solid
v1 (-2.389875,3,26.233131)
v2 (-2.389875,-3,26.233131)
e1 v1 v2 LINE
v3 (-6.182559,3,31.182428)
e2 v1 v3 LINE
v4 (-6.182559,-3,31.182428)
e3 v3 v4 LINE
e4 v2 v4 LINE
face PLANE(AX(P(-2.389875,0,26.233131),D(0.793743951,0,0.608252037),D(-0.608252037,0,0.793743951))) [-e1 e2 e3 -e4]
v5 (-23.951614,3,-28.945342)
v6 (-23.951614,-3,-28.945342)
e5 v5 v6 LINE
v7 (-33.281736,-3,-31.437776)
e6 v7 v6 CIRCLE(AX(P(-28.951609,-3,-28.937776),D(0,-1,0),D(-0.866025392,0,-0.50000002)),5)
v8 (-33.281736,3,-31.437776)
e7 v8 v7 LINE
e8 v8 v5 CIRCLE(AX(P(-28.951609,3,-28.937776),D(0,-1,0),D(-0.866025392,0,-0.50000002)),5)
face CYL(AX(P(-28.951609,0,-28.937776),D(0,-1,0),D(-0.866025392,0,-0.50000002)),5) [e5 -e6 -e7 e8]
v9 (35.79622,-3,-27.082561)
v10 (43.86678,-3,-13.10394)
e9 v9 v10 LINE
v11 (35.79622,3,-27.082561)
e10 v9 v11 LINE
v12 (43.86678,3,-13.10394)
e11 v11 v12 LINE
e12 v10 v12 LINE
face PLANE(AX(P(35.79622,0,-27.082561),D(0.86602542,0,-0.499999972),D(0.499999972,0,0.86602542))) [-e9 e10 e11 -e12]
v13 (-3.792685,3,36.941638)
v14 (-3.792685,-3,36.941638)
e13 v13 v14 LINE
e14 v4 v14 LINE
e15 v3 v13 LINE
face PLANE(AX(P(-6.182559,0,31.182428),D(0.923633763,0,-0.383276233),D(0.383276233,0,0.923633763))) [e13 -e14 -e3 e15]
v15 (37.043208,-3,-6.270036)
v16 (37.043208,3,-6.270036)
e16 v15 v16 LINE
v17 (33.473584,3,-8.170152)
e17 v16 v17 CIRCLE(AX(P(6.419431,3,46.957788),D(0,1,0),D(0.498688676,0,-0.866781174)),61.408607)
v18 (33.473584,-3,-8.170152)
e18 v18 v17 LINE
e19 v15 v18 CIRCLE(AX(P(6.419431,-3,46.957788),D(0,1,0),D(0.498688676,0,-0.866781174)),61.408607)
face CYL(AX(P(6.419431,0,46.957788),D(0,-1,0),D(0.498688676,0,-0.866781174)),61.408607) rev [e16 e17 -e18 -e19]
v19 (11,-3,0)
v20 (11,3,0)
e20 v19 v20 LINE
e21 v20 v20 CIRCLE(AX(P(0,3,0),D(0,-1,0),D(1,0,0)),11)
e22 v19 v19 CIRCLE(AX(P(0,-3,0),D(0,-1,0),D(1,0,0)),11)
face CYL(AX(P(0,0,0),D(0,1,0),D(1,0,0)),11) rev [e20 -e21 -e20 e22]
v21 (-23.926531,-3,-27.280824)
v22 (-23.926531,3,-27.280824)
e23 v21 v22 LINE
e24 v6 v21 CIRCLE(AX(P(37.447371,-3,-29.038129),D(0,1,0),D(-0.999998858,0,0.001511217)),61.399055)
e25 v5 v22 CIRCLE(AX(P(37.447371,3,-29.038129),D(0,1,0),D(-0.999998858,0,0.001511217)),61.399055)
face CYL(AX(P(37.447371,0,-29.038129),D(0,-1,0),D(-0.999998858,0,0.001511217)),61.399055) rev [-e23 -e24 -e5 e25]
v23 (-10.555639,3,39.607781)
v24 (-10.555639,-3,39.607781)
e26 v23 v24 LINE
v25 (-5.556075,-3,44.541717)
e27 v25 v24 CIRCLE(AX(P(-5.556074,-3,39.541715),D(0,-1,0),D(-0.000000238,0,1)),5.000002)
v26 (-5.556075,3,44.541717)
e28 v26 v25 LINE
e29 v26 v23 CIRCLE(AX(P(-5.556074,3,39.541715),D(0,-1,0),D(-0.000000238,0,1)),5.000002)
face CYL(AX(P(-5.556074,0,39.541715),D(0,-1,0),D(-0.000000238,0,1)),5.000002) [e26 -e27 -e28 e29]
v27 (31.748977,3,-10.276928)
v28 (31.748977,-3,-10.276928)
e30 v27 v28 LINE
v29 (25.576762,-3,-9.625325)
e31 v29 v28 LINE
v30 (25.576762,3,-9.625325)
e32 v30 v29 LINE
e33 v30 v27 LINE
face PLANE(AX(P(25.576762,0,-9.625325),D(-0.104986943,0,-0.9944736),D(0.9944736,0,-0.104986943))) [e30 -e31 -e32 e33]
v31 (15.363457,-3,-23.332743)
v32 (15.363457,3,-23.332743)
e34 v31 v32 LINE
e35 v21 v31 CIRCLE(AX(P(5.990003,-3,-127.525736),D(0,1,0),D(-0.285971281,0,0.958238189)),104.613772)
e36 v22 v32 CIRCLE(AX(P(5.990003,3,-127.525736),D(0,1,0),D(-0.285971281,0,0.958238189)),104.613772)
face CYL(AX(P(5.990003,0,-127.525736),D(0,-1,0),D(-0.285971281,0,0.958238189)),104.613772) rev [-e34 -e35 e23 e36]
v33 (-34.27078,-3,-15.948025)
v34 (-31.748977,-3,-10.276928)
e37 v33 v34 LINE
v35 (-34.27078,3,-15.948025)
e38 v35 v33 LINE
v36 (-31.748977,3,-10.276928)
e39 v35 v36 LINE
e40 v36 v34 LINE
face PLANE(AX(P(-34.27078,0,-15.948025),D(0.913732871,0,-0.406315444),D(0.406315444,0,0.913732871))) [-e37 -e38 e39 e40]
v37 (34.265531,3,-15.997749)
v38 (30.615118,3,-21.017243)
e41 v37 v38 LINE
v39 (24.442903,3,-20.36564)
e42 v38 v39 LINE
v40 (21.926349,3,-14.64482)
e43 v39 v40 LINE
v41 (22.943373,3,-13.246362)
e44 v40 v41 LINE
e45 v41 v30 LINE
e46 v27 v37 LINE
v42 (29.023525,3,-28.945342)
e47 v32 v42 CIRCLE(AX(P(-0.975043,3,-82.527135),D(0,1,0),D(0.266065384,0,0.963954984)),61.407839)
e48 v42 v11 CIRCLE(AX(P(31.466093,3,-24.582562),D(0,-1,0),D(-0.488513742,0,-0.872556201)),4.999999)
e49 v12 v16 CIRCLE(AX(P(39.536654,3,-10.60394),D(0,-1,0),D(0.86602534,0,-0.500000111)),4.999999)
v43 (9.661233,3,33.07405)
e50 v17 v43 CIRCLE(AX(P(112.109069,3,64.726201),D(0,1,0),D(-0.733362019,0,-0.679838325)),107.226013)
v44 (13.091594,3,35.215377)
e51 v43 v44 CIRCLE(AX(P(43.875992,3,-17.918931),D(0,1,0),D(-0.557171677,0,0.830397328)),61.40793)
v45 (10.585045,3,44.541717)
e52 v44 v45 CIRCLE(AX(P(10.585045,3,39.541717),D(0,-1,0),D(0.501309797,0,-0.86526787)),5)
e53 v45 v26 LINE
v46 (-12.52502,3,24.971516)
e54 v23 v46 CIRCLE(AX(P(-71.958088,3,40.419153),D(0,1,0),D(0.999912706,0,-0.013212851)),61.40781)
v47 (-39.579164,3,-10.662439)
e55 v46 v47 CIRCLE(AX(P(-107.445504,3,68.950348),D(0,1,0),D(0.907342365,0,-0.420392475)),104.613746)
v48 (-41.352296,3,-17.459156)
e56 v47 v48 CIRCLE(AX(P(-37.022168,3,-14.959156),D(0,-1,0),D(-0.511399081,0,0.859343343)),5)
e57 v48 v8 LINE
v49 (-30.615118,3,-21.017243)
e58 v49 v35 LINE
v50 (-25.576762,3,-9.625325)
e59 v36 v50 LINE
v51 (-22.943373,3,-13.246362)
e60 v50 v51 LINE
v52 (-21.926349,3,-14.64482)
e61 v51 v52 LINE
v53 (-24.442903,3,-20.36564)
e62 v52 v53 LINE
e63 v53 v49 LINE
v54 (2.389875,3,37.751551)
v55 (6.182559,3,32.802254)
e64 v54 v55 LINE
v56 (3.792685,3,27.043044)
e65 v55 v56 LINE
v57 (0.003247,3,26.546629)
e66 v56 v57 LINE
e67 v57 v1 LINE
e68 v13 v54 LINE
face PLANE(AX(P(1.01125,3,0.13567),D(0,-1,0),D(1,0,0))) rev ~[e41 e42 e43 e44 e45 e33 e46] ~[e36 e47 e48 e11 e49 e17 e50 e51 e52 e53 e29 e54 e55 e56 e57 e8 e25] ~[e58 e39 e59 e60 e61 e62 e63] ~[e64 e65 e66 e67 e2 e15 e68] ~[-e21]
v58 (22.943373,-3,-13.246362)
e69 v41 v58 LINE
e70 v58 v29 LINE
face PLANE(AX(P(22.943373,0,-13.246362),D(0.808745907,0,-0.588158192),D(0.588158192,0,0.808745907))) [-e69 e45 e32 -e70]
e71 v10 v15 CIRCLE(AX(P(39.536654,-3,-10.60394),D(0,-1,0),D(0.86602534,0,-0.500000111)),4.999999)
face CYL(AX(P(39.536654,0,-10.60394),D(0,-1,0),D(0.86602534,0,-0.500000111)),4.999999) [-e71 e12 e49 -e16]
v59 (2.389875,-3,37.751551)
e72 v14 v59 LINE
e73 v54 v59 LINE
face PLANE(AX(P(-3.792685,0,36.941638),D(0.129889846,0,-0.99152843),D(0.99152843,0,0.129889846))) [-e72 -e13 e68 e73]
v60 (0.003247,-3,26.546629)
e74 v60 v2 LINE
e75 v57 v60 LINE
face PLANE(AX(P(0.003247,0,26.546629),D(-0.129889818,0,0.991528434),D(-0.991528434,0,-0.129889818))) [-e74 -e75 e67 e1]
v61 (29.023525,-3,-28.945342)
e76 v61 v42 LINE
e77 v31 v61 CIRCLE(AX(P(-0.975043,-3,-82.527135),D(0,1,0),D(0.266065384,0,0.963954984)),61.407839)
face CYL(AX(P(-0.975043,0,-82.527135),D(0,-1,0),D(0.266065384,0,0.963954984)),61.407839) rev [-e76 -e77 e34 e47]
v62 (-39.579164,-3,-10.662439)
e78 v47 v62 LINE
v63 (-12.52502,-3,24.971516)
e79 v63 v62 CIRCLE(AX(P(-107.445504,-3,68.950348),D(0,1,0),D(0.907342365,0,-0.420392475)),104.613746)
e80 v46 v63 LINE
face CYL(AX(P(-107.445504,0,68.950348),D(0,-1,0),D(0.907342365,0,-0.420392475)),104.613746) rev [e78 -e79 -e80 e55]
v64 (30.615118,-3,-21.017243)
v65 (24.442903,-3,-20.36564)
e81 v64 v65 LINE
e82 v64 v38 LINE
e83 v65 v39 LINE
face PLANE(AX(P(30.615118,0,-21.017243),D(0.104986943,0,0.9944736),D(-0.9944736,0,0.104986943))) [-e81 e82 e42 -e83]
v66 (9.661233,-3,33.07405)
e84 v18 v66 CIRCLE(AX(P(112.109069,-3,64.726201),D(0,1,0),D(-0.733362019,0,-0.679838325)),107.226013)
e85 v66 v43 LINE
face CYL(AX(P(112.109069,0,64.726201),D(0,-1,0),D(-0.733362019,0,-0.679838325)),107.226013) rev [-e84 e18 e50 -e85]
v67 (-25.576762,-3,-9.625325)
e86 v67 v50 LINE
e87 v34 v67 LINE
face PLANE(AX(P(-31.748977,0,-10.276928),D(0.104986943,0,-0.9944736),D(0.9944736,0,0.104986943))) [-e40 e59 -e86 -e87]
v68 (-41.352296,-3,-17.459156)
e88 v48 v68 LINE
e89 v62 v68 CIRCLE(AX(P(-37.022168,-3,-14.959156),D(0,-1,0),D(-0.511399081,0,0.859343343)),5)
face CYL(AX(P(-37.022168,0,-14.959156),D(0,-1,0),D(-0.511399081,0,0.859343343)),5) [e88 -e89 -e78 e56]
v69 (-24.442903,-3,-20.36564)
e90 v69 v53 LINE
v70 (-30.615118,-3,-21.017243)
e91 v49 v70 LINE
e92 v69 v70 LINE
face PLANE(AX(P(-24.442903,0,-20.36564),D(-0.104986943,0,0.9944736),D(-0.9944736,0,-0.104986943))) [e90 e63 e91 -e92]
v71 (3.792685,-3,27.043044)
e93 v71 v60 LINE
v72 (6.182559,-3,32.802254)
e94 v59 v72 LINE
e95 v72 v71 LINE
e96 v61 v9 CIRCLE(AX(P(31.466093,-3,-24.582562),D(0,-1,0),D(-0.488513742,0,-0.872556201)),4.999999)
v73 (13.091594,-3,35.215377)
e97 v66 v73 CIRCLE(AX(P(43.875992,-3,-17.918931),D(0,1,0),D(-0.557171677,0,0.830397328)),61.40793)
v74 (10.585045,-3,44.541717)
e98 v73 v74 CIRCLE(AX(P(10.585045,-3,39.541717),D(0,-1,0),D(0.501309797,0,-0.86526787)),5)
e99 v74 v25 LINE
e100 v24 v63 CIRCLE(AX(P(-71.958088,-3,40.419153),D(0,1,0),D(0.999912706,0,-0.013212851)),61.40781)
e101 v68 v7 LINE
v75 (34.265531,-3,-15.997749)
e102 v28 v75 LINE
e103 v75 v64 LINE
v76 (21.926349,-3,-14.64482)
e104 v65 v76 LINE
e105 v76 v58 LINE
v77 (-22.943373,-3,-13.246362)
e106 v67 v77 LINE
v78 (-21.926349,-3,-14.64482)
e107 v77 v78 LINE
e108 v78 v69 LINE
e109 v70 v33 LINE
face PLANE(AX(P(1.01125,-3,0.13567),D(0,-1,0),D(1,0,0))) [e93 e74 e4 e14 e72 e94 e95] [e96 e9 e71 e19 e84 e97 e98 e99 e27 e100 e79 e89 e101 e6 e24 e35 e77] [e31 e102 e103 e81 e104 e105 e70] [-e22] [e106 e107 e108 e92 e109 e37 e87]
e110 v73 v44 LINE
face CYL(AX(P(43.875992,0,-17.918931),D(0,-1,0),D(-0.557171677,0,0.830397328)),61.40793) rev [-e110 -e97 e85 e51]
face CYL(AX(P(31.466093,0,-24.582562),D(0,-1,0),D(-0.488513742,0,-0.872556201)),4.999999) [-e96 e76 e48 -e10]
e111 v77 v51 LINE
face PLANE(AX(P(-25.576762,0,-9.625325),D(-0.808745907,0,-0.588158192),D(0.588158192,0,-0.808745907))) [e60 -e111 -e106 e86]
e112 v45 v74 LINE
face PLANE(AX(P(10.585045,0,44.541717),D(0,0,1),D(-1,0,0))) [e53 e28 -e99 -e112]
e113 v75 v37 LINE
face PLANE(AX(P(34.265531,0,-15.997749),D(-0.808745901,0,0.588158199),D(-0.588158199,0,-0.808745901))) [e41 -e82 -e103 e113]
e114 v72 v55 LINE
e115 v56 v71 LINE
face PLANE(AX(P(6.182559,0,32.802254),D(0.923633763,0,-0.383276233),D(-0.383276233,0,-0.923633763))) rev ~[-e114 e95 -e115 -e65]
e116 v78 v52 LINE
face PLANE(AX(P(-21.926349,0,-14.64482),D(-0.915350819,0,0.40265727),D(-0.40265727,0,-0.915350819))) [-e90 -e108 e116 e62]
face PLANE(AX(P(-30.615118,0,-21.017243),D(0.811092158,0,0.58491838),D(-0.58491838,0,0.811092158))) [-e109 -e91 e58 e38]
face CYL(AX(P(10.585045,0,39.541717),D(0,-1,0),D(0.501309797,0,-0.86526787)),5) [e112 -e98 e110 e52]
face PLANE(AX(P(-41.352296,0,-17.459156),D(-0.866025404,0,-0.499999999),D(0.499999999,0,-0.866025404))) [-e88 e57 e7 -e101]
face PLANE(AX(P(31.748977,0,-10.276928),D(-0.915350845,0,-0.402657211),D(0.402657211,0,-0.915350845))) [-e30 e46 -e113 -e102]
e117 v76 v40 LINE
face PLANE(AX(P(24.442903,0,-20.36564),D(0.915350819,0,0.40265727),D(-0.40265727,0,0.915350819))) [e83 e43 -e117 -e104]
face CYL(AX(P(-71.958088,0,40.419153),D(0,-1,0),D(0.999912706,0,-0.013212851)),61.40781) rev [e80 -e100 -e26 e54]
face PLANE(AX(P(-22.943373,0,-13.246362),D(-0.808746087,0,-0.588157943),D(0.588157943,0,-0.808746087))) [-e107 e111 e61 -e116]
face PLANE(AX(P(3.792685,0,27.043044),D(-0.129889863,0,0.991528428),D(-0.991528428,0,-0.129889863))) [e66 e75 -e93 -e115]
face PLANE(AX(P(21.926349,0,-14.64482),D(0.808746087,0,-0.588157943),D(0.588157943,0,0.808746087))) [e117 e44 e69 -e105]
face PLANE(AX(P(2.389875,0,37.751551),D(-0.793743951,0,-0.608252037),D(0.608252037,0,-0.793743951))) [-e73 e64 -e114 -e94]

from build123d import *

# Parameters (mm, degrees)
F0_R     = 11
F1_DEPTH = 3


with BuildPart() as f1:
    # F0 (on Front) → F1 (new body, symmetric)
    with BuildSketch(Plane.XZ):
        with BuildLine():
            ThreePointArc((13.091594, 35.215377), (15.413694, 40.839465), (10.585045, 44.541717))
            Line((10.585045, 44.541717), (-5.556075, 44.541717))
            ThreePointArc((-5.556075, 44.541717), (-9.068174, 43.100531), (-10.555639, 39.607781))
            ThreePointArc((-10.555639, 39.607781), (-11.098737, 32.23023), (-12.52502, 24.971516))
            ThreePointArc((-12.52502, 24.971516), (-24.124845, 5.691327), (-39.579164, -10.662439))
            ThreePointArc((-39.579164, -10.662439), (-41.860242, -13.696996), (-41.352296, -17.459156))
            Line((-41.352296, -17.459156), (-33.281736, -31.437776))
            ThreePointArc((-33.281736, -31.437776), (-27.661168, -33.768383), (-23.951614, -28.945342))
            ThreePointArc((-23.951614, -28.945342), (-23.944714, -28.112998), (-23.926531, -27.280824))
            ThreePointArc((-23.926531, -27.280824), (-4.469508, -23.436159), (15.363457, -23.332743))
            ThreePointArc((15.363457, -23.332743), (22.362829, -25.726903), (29.023525, -28.945342))
            ThreePointArc((29.023525, -28.945342), (32.792068, -29.403535), (35.79622, -27.082561))
            Line((35.79622, -27.082561), (43.86678, -13.10394))
            ThreePointArc((43.86678, -13.10394), (43.074861, -7.071082), (37.043208, -6.270036))
            ThreePointArc((37.043208, -6.270036), (35.274041, -7.249485), (33.473584, -8.170152))
            ThreePointArc((33.473584, -8.170152), (19.248618, 11.113195), (9.661233, 33.07405))
            ThreePointArc((9.661233, 33.07405), (11.358782, 34.172958), (13.091594, 35.215377))
        make_face()
        Polygon((-30.615118, -21.017243), (-34.27078, -15.948025), (-31.748977, -10.276928), (-25.576762, -9.625325), (-22.943373, -13.246362), (-21.926349, -14.64482), (-24.442903, -20.36564), align=None, mode=Mode.SUBTRACT)
        Circle(F0_R, mode=Mode.SUBTRACT)
        Polygon((22.943373, -13.246362), (25.576762, -9.625325), (31.748977, -10.276928), (34.265531, -15.997749), (30.615118, -21.017243), (24.442903, -20.36564), (21.926349, -14.64482), align=None, mode=Mode.SUBTRACT)
        Polygon((6.182559, 32.802254), (3.792685, 27.043044), (0.003247, 26.546629), (-2.389875, 26.233131), (-6.182559, 31.182428), (-3.792685, 36.941638), (2.389875, 37.751551), align=None, mode=Mode.SUBTRACT)
    extrude(amount=F1_DEPTH, both=True)


solid = f1.part
